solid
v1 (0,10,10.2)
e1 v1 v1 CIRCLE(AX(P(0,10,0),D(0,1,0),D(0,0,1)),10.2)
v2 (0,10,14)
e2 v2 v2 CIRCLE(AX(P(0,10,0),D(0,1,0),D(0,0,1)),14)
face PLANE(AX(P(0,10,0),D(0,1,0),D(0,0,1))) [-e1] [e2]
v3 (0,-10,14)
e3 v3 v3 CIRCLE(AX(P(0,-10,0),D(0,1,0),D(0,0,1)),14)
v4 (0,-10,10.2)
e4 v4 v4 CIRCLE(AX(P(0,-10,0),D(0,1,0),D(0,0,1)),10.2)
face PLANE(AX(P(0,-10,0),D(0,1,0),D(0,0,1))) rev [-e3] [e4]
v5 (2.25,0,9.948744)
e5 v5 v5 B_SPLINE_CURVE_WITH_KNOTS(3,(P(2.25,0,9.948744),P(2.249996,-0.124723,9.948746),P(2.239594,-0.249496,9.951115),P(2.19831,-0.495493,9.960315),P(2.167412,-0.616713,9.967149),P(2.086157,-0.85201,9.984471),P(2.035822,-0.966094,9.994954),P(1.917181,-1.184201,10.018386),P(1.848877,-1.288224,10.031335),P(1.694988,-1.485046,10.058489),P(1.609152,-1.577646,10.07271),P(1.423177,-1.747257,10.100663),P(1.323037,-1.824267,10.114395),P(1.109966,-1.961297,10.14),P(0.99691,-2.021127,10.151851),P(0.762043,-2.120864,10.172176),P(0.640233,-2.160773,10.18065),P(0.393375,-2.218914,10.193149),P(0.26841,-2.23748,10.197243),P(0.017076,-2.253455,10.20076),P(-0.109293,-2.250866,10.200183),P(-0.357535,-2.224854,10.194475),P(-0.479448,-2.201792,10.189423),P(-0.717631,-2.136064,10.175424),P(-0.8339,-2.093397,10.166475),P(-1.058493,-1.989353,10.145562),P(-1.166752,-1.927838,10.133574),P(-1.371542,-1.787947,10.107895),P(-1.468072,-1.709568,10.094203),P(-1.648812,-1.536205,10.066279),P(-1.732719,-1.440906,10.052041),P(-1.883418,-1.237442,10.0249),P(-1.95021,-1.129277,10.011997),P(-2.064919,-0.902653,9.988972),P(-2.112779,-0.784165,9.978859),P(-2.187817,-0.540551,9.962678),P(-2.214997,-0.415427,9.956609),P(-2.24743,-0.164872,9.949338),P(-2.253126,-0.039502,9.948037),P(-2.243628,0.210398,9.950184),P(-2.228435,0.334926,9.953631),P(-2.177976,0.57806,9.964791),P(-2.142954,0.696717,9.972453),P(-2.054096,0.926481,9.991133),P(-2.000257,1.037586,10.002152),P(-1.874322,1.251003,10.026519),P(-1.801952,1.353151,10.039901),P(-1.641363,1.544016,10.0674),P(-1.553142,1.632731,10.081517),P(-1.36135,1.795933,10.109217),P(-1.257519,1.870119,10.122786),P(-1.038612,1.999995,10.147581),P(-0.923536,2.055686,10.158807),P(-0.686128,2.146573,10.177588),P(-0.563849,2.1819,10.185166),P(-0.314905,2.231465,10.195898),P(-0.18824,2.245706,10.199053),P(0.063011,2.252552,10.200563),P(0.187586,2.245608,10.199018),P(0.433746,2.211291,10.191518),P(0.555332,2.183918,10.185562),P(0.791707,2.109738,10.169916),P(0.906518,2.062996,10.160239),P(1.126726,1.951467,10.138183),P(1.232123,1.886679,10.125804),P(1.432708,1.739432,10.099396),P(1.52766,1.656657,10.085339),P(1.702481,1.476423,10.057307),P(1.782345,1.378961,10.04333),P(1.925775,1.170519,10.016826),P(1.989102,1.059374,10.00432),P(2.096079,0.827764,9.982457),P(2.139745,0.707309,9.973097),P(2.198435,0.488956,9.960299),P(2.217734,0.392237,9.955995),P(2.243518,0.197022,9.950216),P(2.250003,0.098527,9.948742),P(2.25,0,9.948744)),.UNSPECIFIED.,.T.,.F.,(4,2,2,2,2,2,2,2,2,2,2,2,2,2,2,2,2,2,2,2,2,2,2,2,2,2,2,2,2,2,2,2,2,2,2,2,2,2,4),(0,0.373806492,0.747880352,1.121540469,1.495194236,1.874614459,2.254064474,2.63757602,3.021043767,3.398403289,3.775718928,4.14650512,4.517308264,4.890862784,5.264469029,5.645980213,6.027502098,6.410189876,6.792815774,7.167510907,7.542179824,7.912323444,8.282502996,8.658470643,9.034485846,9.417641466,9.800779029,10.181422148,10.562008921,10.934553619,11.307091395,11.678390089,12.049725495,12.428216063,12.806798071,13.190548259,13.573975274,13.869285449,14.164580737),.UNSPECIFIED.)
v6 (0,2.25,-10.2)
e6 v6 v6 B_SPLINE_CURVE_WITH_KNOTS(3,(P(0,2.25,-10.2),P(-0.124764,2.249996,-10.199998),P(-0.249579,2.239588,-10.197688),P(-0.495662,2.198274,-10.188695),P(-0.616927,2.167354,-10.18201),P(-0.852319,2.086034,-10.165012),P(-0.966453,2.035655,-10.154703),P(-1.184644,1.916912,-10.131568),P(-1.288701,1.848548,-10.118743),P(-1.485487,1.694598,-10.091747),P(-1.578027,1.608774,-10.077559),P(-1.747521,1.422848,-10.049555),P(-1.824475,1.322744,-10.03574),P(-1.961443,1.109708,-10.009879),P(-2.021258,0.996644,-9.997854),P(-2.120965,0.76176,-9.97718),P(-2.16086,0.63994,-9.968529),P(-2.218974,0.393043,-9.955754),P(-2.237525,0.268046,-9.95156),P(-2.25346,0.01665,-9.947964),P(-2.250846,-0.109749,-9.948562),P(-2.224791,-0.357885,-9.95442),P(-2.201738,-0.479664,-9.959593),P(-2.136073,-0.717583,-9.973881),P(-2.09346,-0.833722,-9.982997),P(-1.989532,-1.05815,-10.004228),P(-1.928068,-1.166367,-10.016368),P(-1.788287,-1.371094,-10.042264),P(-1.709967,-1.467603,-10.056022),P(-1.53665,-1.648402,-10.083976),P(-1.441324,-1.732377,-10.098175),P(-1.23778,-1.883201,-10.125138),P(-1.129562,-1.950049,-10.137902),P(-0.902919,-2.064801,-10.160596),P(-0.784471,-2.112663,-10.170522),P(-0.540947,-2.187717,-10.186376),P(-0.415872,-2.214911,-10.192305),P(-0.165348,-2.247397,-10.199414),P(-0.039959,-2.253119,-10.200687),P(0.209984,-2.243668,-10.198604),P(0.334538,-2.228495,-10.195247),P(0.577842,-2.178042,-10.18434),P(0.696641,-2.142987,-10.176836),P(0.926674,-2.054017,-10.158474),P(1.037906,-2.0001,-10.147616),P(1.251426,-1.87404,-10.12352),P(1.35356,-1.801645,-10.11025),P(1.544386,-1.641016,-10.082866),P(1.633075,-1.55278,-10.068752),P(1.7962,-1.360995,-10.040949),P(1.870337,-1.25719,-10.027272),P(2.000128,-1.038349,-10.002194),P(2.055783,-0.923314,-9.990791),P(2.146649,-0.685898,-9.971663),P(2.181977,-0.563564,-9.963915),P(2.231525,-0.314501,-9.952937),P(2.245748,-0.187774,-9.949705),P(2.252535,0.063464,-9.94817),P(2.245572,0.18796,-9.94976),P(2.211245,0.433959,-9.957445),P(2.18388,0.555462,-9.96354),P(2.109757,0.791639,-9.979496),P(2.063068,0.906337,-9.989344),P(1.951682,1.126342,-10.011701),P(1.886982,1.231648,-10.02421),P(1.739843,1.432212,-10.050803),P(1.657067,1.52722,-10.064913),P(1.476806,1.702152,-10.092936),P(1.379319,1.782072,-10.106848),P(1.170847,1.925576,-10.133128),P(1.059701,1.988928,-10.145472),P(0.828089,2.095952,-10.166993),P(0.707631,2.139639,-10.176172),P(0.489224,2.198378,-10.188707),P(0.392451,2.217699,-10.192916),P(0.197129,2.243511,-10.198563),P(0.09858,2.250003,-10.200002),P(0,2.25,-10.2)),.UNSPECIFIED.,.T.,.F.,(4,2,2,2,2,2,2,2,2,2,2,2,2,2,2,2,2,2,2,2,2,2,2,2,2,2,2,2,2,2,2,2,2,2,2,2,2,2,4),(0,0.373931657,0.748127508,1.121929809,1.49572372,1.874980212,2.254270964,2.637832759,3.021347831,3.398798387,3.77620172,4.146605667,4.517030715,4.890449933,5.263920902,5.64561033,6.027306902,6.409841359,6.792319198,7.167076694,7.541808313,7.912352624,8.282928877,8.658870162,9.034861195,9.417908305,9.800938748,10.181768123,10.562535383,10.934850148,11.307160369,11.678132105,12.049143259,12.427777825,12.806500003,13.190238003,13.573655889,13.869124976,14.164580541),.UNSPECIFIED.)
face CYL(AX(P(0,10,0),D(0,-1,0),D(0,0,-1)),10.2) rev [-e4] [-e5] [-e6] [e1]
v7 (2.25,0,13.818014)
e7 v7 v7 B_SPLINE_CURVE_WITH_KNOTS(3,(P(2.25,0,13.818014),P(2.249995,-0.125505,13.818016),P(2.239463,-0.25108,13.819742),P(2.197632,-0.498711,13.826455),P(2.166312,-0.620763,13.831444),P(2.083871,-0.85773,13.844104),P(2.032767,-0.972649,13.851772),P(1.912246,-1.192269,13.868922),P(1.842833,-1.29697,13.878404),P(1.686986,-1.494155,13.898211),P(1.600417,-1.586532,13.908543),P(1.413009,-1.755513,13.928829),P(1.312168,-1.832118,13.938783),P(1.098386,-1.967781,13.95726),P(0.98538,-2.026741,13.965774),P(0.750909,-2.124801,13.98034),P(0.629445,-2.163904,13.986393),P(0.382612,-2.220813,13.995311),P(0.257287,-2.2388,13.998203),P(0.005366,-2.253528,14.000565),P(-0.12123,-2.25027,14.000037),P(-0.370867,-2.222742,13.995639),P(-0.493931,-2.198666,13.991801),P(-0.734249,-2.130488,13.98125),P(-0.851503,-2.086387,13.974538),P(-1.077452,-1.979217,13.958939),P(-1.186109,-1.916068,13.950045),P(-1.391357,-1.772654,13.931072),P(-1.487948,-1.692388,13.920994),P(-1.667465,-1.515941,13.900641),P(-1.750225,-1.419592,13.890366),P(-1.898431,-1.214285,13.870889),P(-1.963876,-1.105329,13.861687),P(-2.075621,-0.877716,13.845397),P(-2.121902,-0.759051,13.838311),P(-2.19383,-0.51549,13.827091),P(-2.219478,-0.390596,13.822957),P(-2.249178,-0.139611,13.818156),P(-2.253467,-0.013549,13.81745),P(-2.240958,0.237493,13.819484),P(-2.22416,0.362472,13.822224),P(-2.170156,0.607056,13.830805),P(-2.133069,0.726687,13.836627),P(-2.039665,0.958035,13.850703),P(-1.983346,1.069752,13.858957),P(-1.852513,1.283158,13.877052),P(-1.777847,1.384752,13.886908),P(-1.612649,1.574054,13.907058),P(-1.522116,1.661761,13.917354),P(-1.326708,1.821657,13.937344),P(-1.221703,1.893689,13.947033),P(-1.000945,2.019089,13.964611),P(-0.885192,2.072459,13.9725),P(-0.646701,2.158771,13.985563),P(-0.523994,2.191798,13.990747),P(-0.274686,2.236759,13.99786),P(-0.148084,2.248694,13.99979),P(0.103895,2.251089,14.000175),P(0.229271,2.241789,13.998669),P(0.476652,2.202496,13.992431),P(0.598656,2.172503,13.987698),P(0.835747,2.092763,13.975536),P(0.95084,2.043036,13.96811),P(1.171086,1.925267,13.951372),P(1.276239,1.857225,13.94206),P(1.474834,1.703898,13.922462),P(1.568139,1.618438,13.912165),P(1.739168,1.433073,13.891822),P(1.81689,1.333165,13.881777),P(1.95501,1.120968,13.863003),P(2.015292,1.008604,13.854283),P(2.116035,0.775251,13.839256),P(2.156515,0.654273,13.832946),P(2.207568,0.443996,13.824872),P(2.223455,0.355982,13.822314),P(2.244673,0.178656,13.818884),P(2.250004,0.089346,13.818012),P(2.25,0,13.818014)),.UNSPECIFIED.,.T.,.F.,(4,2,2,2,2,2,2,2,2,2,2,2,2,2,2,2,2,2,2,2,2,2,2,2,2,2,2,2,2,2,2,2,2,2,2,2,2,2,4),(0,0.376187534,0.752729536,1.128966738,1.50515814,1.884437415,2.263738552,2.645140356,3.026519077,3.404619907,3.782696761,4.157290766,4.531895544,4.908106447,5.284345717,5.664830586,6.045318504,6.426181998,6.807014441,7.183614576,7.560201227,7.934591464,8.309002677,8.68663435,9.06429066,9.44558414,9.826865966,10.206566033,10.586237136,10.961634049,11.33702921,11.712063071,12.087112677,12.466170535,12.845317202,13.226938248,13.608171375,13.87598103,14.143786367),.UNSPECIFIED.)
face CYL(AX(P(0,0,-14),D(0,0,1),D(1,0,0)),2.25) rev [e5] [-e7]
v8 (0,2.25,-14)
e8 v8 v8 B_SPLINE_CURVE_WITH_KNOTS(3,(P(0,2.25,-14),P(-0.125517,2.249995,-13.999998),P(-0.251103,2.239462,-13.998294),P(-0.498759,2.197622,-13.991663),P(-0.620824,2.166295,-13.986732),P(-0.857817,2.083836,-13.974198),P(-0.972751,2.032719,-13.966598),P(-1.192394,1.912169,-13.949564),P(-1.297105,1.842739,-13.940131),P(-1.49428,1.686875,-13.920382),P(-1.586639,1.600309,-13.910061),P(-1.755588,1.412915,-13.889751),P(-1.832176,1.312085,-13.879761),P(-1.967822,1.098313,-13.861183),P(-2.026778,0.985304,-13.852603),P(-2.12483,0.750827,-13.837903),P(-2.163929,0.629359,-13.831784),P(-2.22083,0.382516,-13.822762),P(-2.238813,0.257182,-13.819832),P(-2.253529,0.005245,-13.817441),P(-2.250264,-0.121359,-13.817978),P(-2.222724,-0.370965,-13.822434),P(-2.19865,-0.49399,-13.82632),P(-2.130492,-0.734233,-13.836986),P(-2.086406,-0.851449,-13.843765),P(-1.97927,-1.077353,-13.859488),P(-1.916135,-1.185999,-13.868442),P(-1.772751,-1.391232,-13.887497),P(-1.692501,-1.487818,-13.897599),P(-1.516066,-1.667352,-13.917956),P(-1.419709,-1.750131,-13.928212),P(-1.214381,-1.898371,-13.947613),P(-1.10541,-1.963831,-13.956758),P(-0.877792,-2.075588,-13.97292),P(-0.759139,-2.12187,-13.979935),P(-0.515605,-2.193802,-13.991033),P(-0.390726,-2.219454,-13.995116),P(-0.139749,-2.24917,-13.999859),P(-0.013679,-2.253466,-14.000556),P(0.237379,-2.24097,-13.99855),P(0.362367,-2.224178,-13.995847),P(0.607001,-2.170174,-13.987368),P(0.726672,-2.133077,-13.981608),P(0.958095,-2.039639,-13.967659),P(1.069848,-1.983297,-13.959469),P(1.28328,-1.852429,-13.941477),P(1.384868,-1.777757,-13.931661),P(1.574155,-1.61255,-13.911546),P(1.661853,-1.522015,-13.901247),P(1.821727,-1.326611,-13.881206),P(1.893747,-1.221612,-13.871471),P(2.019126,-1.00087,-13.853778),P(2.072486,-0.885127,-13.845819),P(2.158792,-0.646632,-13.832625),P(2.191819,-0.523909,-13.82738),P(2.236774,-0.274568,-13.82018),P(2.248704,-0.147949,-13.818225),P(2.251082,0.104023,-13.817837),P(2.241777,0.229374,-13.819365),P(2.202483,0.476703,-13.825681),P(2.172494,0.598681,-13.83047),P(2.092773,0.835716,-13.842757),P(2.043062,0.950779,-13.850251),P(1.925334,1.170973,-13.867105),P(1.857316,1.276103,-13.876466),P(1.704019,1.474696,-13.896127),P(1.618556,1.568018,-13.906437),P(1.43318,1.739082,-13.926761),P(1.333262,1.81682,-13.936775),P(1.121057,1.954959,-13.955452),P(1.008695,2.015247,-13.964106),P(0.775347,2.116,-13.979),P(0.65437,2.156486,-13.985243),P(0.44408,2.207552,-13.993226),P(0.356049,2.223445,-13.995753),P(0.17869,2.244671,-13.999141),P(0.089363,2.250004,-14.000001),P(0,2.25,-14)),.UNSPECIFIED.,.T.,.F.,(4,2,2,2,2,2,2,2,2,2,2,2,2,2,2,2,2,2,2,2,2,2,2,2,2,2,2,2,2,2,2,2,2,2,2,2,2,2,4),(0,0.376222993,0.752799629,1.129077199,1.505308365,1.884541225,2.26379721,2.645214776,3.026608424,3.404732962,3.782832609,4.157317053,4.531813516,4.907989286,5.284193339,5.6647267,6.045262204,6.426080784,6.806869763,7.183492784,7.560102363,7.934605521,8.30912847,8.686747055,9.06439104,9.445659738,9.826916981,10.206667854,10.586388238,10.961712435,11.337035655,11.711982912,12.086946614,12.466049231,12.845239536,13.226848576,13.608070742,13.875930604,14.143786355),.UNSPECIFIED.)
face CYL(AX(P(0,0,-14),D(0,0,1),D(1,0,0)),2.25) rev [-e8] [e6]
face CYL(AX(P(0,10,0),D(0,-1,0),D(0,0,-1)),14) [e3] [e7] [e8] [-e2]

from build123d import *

# Parameters (mm, degrees)
SKETCH_1_R               = 14
SKETCH_1_R_2             = 10.2
EXTRUDE_1_DEPTH          = 10
CUT_EXTRUDE_1_DEPTH      = 23.181073013
CUT_EXTRUDE_1_DEPTH_BACK = 23.181073013
SKETCH_3_R               = 2.25


with BuildPart() as part:
    # Эскиз1 → Бобышка-Вытянуть1 (new, symmetric)
    with BuildSketch(Plane(origin=(0, 0, 0), x_dir=(1, 0, 0), z_dir=(0, 1, 0))):
        with Locations(Location((0, 0, 0), (0, 0, 270))):
            Circle(SKETCH_1_R)
        with Locations(Location((0, 0, 0), (0, 0, 270))):
            Circle(SKETCH_1_R_2, mode=Mode.SUBTRACT)
    extrude(amount=EXTRUDE_1_DEPTH, both=True)

    # Эскиз3 → Вырез-Вытянуть1 (cut, two sides: drawn at the far end of the back side and taken through both)
    with BuildSketch(Plane.XY.offset(-CUT_EXTRUDE_1_DEPTH_BACK)):
        Circle(SKETCH_3_R)
    extrude(amount=CUT_EXTRUDE_1_DEPTH + CUT_EXTRUDE_1_DEPTH_BACK, mode=Mode.SUBTRACT)


solid = part.part
